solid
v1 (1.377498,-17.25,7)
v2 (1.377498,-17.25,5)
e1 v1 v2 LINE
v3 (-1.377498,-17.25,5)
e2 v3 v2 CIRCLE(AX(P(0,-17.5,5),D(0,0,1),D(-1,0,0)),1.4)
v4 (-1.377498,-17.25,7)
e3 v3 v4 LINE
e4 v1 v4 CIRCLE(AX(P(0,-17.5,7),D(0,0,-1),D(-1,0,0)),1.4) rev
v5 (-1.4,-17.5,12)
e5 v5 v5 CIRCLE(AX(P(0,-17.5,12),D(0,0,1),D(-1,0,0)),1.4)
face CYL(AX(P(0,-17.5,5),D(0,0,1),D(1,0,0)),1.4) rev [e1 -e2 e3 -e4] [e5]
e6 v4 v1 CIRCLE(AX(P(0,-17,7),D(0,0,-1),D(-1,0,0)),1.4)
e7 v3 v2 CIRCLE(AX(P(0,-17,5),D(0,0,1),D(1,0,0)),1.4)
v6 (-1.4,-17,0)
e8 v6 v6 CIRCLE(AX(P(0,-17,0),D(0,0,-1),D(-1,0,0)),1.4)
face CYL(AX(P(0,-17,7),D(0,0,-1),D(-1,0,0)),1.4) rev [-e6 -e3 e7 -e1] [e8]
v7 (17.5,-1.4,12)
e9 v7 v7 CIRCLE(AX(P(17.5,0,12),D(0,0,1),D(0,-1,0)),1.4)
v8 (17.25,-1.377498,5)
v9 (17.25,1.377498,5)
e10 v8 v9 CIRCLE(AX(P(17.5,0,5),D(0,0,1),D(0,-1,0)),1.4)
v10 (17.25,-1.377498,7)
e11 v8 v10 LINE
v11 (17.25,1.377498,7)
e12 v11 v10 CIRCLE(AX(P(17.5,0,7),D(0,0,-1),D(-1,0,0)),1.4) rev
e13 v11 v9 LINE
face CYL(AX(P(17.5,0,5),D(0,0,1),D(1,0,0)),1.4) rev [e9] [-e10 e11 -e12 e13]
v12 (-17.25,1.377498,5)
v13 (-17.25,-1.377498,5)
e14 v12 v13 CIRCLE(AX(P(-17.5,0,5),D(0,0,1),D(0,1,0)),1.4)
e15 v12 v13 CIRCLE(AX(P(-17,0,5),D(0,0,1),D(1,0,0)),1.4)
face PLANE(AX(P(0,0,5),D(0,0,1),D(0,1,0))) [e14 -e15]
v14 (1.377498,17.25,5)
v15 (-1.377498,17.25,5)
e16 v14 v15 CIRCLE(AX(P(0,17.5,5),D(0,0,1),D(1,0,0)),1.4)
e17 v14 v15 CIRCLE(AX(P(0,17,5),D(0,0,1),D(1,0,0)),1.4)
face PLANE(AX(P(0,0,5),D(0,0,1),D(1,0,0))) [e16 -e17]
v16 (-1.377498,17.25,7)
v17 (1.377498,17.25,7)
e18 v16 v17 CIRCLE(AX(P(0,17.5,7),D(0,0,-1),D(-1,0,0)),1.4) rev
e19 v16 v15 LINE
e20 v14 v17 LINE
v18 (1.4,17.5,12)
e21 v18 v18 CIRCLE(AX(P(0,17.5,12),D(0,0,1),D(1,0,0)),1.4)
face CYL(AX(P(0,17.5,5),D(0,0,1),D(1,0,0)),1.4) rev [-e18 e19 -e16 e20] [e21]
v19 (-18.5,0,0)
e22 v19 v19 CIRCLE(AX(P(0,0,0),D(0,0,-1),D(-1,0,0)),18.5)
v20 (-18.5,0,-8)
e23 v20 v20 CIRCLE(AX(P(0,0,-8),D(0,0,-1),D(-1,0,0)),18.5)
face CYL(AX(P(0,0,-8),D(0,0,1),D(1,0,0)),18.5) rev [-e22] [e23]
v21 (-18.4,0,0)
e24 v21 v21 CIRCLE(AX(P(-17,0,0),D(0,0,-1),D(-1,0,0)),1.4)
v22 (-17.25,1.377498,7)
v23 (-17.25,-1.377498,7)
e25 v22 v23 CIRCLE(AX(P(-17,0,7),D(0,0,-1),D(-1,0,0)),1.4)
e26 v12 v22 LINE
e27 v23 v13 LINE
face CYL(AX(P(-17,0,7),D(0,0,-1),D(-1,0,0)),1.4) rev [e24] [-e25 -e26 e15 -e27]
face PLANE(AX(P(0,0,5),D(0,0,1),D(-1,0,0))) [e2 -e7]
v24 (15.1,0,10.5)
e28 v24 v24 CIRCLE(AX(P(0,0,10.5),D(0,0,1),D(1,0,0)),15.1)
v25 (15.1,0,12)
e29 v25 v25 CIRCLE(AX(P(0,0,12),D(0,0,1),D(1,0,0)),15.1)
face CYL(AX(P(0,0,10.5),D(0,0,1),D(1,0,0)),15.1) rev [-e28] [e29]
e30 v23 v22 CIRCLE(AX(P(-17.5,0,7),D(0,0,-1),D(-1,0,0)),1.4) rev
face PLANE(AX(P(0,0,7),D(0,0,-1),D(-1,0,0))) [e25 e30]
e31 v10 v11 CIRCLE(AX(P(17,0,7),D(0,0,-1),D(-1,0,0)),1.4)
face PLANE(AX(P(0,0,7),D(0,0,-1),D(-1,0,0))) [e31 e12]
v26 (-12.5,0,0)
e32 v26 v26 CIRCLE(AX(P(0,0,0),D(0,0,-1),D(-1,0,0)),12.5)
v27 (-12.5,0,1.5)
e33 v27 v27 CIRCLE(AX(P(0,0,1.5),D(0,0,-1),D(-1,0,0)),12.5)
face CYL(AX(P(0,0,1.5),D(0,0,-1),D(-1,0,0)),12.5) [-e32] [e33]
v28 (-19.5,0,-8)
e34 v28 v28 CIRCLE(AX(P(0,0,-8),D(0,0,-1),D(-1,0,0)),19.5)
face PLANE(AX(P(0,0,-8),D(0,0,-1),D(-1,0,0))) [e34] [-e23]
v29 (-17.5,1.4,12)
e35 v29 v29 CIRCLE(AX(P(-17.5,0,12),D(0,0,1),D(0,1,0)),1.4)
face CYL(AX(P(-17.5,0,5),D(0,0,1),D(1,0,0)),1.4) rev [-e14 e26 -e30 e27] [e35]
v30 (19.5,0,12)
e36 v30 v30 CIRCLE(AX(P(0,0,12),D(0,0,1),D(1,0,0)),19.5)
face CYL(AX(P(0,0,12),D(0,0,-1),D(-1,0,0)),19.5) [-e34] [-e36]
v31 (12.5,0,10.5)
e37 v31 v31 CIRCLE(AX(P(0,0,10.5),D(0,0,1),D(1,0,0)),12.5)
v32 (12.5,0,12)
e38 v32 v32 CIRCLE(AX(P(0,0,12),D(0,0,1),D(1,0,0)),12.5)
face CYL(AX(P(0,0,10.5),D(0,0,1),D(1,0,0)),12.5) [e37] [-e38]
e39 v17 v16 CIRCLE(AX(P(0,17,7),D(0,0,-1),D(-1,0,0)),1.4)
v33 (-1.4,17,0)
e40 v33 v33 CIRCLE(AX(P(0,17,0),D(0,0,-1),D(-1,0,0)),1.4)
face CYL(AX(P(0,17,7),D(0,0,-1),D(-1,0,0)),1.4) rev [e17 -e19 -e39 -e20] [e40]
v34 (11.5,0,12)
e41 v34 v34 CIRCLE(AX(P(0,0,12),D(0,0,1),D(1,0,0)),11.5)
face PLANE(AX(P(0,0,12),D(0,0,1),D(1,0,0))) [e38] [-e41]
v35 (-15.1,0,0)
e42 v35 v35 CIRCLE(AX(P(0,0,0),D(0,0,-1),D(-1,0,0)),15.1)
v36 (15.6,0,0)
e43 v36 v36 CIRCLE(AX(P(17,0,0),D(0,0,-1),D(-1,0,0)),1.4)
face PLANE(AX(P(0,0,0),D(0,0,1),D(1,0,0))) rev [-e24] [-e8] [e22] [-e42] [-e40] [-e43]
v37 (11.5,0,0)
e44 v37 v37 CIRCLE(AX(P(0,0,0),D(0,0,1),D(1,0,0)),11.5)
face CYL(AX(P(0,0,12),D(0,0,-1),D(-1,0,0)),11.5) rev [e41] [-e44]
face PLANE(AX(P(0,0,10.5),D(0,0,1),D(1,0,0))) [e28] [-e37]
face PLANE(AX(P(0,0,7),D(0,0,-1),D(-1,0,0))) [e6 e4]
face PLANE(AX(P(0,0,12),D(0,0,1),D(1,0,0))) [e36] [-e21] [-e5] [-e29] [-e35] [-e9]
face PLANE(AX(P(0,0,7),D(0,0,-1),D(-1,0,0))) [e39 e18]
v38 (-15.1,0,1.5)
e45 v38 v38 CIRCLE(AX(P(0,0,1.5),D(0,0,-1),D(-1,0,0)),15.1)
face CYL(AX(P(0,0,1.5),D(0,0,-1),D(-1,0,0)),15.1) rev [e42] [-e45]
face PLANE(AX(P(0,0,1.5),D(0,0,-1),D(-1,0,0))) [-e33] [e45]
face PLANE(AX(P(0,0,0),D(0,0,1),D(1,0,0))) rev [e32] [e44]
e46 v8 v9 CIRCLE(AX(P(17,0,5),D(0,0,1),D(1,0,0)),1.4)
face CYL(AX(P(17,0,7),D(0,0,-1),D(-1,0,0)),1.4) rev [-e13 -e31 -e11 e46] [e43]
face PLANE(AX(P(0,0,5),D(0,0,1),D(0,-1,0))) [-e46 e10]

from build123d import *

# Parameters (mm, degrees)
SKETCH1_R           = 19.5
SKETCH1_R_2         = 11.5
EXTRUDE_THIN1_DEPTH = 12
SKETCH2_R           = 1.4
CUT_EXTRUDE1_DEPTH  = 7
CIRPATTERN1_COUNT   = 4
SKETCH5_R           = 15.1
SKETCH5_R_2         = 12.5
CUT_EXTRUDE3_DEPTH  = 1.5
SKETCH6_R           = 1.4
CUT_EXTRUDE4_DEPTH  = 7
CUT_EXTRUDE5_START  = -1.5
SKETCH7_R           = 15.1
SKETCH7_R_2         = 12.5
CUT_EXTRUDE5_DEPTH  = 1.5
EXTRUDE_THIN3_START = 8
SKETCH9_R           = 19.5
SKETCH9_R_2         = 18.5
EXTRUDE_THIN3_DEPTH = 8


with BuildPart() as part:
    # Sketch1 → Extrude-Thin1 (new body)
    with BuildSketch(Plane.XY):
        Circle(SKETCH1_R)
        Circle(SKETCH1_R_2, mode=Mode.SUBTRACT)
    extrude(amount=EXTRUDE_THIN1_DEPTH)

    # Sketch2 → Cut-Extrude1 (cut)
    with BuildSketch(Plane.XY.offset(12)):
        with Locations((0, 17.5)):
            Circle(SKETCH2_R)
    cut_extrude1 = extrude(amount=-CUT_EXTRUDE1_DEPTH, mode=Mode.SUBTRACT)

    # CirPattern1: Cut-Extrude1 ×4 about axis
    cirpattern1_axis = Axis((0, 0, 0), (0, 0, 1))
    for i in range(1, CIRPATTERN1_COUNT):
        add(cut_extrude1.rotate(cirpattern1_axis, i * 360 / CIRPATTERN1_COUNT), mode=Mode.SUBTRACT)

    # Sketch5 → Cut-Extrude3 (cut)
    with BuildSketch(Plane.XY.offset(12)):
        Circle(SKETCH5_R)
        Circle(SKETCH5_R_2, mode=Mode.SUBTRACT)
    extrude(amount=-CUT_EXTRUDE3_DEPTH, mode=Mode.SUBTRACT)

    # Sketch6 → Cut-Extrude4 (cut)
    with BuildSketch(Plane(origin=(0, 0, 0), x_dir=(-1, 0, 0), z_dir=(0, 0, -1))):
        with Locations((0, -17)):
            Circle(SKETCH6_R)
        with Locations((-17, 0)):
            Circle(SKETCH6_R)
        with Locations((0, 17)):
            Circle(SKETCH6_R)
        with Locations((17, 0)):
            Circle(SKETCH6_R)
    extrude(amount=-CUT_EXTRUDE4_DEPTH, mode=Mode.SUBTRACT)

    # Sketch7 → Cut-Extrude5 (cut)
    with BuildSketch(Plane(origin=(0, 0, 0), x_dir=(-1, 0, 0), z_dir=(0, 0, -1)).offset(CUT_EXTRUDE5_START)):
        with Locations(Location((0, 0, 0), (0, 0, 180))):
            Circle(SKETCH7_R)
        with Locations(Location((0, 0, 0), (0, 0, 180))):
            Circle(SKETCH7_R_2, mode=Mode.SUBTRACT)
    extrude(amount=CUT_EXTRUDE5_DEPTH, mode=Mode.SUBTRACT)

    # Sketch9 → Extrude-Thin3 (add)
    with BuildSketch(Plane(origin=(0, 0, 0), x_dir=(-1, 0, 0), z_dir=(0, 0, -1)).offset(EXTRUDE_THIN3_START)):
        Circle(SKETCH9_R)
        Circle(SKETCH9_R_2, mode=Mode.SUBTRACT)
    extrude(amount=-EXTRUDE_THIN3_DEPTH)


solid = part.part
